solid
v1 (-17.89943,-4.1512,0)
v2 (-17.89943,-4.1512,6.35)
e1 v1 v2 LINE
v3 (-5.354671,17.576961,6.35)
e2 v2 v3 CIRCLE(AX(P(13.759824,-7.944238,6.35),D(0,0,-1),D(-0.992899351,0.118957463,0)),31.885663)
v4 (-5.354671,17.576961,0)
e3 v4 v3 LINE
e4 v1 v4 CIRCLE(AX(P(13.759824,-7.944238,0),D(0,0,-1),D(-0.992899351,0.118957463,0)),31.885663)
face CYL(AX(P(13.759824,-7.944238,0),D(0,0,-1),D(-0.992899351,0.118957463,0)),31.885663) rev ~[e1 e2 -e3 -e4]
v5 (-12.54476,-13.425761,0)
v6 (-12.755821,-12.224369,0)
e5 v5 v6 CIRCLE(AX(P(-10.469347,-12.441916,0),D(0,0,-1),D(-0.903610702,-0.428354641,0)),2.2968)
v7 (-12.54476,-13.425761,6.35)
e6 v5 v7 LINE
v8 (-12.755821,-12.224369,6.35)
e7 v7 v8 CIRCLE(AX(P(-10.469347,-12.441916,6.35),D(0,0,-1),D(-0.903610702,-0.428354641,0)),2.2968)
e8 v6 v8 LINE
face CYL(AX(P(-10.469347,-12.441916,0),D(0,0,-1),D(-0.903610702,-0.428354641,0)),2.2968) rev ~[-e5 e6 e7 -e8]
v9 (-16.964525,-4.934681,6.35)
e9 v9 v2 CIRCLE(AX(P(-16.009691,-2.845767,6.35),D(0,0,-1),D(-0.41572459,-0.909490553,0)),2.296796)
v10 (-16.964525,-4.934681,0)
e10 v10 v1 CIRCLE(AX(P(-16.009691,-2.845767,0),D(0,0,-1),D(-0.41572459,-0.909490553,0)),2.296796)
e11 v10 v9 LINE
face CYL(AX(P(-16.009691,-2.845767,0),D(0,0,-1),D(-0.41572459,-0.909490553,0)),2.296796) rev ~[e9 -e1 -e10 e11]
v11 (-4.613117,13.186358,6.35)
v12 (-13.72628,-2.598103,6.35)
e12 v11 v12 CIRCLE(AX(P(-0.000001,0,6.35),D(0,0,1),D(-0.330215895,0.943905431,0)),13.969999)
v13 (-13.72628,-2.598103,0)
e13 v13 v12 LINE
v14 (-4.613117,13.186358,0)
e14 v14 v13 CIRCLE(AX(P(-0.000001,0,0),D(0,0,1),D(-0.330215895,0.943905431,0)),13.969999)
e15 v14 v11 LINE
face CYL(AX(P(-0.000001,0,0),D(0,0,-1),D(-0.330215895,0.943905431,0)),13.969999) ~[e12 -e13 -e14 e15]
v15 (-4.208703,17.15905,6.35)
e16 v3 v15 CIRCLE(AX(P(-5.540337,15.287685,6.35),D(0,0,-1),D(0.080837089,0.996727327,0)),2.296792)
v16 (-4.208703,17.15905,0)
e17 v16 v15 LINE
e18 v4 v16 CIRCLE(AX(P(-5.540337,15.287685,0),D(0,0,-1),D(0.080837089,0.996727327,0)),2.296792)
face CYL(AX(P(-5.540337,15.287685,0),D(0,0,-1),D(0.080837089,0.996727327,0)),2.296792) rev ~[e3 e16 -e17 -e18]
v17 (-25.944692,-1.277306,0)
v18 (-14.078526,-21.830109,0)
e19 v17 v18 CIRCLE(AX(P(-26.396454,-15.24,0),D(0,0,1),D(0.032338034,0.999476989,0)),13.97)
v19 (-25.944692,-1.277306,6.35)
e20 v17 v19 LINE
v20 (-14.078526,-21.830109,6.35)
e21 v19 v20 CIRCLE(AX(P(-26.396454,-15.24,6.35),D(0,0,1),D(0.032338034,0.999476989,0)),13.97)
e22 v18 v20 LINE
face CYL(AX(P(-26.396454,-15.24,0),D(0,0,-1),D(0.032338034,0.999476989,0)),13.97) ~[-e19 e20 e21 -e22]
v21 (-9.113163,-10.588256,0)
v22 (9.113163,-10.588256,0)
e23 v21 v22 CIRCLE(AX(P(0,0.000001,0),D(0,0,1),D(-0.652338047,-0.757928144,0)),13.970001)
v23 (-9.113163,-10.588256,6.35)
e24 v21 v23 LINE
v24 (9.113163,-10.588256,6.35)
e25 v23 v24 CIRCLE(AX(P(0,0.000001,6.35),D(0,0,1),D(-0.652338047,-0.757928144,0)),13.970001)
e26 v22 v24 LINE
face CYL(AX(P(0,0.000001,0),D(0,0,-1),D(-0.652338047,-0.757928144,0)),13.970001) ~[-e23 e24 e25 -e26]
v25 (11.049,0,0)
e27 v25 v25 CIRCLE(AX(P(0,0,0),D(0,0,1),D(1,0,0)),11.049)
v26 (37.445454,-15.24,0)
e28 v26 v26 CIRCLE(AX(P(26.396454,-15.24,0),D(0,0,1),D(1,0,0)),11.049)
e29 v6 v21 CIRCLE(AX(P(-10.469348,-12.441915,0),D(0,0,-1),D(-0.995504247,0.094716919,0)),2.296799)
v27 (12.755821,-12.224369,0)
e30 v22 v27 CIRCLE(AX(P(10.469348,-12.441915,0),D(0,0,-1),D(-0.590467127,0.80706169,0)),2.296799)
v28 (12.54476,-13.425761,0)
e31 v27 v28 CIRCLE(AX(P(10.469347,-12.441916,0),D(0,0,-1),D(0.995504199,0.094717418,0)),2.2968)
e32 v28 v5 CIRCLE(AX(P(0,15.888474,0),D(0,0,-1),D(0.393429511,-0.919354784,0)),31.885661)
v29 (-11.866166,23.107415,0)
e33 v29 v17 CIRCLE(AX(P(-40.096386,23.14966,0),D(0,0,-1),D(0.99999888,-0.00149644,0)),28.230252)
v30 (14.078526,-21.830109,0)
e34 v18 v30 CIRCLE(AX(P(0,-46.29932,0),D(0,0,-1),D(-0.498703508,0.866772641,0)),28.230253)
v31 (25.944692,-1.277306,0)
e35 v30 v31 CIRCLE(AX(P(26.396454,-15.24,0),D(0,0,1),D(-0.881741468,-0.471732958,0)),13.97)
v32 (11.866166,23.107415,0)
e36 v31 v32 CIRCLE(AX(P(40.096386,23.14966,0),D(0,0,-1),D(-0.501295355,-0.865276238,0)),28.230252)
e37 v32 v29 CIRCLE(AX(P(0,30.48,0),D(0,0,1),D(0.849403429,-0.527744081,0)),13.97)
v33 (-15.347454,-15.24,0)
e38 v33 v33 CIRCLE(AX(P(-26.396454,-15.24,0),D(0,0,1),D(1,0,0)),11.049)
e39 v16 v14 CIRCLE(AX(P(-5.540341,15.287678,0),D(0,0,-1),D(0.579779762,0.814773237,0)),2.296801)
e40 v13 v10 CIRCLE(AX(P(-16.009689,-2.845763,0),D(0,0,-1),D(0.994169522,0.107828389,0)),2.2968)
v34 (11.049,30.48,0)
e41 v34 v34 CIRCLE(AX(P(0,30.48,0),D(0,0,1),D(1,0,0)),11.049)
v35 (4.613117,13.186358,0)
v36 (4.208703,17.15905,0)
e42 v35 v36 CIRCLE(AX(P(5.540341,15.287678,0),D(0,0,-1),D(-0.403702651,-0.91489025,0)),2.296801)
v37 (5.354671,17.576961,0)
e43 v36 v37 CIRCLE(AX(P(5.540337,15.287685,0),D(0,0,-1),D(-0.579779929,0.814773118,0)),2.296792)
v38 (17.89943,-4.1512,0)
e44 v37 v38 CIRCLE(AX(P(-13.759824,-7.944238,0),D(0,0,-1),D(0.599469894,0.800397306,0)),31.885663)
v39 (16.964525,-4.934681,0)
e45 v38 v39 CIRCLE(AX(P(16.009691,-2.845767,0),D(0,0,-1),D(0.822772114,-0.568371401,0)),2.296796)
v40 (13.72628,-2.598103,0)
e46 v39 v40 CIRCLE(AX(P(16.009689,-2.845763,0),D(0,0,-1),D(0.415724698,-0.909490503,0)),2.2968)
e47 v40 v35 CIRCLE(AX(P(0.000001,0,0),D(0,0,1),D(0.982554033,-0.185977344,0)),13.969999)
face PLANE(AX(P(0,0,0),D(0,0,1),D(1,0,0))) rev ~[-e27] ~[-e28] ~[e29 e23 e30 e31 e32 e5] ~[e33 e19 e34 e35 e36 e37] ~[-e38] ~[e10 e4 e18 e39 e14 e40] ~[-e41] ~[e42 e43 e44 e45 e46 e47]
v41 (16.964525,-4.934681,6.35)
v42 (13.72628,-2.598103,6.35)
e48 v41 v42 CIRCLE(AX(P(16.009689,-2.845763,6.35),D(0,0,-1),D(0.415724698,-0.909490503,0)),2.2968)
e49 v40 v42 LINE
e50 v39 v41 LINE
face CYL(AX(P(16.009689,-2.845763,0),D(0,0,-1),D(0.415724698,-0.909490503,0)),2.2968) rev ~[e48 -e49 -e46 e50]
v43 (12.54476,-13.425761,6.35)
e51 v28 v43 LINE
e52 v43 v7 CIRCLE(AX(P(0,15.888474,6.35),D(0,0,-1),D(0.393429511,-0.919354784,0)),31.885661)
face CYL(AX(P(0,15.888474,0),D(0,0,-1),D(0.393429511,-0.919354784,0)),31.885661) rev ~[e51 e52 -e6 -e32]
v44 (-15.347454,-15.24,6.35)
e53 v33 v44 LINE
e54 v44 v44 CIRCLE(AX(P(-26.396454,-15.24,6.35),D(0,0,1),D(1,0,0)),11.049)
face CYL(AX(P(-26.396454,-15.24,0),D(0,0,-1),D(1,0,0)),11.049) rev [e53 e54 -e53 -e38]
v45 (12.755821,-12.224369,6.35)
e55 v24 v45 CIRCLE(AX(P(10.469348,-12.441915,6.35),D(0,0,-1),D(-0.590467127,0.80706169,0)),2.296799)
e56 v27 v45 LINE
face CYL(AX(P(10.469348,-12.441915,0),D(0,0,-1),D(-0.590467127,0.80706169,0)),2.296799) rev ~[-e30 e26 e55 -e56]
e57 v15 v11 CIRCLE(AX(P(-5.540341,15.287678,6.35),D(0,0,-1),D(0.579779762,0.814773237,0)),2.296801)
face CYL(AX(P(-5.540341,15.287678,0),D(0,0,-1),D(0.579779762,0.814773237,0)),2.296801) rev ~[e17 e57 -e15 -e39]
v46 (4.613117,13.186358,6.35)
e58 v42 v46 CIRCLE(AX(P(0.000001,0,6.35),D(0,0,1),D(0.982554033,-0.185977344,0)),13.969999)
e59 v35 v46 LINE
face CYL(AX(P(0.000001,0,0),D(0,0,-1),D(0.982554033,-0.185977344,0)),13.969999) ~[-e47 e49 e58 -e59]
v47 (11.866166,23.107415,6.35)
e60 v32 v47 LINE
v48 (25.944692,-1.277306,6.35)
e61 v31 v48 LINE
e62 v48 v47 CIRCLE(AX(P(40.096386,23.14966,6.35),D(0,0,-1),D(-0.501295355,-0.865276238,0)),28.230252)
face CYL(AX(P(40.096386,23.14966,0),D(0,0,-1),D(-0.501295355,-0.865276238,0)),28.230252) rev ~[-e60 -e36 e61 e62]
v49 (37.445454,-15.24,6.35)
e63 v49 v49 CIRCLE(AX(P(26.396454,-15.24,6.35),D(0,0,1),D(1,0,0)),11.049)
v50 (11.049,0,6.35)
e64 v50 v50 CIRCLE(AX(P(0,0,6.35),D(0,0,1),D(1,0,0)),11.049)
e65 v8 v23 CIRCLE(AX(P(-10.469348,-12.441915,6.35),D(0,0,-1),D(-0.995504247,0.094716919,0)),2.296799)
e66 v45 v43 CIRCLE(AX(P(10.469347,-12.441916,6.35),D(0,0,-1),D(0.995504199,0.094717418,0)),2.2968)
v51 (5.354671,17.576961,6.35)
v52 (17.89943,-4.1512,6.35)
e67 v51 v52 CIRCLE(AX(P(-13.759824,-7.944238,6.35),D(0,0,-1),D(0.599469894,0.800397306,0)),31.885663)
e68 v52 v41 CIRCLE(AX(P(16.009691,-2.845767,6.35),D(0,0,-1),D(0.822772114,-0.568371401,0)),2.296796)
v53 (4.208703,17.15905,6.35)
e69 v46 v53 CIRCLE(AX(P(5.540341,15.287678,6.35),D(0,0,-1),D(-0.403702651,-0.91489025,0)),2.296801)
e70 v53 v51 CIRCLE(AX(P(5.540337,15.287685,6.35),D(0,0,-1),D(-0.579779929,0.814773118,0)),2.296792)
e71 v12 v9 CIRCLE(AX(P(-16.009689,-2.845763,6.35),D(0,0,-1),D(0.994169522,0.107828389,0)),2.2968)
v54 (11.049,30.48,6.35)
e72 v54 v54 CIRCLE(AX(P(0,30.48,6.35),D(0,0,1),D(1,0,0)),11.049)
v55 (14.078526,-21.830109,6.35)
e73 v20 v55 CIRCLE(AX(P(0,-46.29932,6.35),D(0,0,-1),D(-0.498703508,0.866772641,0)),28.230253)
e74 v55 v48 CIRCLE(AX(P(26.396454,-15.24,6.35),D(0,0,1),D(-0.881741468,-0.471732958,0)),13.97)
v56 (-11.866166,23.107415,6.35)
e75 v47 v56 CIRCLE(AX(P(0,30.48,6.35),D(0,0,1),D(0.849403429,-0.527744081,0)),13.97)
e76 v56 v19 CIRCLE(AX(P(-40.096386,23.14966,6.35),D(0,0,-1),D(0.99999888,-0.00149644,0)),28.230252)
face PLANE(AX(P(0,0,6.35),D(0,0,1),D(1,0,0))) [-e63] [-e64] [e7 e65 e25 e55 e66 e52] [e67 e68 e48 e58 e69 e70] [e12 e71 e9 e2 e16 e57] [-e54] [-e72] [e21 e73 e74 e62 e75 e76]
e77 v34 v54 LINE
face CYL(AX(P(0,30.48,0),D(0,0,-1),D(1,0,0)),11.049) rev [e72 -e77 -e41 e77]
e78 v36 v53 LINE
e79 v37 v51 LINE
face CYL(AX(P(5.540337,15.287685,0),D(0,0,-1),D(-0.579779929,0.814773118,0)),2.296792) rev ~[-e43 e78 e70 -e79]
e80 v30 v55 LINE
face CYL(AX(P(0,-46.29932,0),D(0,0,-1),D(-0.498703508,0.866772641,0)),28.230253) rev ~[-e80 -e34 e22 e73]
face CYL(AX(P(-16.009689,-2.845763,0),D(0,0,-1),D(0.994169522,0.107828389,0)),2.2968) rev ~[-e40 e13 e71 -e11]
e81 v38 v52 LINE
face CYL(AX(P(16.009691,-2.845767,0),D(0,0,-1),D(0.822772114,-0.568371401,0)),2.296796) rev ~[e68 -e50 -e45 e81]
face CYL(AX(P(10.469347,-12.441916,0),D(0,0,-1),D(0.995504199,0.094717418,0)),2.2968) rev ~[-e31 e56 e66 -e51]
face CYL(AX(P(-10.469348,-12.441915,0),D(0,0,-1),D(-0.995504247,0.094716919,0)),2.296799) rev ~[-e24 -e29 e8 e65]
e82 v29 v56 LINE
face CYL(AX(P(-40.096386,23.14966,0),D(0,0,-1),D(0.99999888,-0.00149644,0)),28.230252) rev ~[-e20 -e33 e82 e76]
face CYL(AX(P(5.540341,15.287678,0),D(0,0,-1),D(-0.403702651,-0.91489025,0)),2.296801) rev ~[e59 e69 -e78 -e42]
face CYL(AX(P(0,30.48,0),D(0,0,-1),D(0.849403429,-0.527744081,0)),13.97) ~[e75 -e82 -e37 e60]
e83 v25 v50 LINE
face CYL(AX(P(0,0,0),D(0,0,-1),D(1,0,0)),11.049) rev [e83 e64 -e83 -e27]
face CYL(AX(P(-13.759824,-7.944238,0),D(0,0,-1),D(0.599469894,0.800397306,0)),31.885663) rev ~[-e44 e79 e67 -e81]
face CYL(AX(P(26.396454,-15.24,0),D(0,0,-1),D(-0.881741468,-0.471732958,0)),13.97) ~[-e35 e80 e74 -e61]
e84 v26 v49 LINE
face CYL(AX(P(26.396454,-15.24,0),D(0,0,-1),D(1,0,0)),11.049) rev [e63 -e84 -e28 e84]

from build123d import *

# Parameters (mm, degrees)
F0_R     = 11.049
F1_DEPTH = 6.35


with BuildPart() as f1:
    # F0 (on Top) → F1 (new body)
    with BuildSketch(Plane.XY):
        with BuildLine():
            ThreePointArc((-14.078526, -21.830109), (0, -18.069067), (14.078526, -21.830109))
            ThreePointArc((14.078526, -21.830109), (38.494829, -22.225), (25.944692, -1.277306))
            ThreePointArc((25.944692, -1.277306), (15.648271, 9.034534), (11.866166, 23.107415))
            ThreePointArc((11.866166, 23.107415), (0, 44.45), (-11.866166, 23.107415))
            ThreePointArc((-11.866166, 23.107415), (-15.648271, 9.034534), (-25.944692, -1.277306))
            ThreePointArc((-25.944692, -1.277306), (-38.494829, -22.225), (-14.078526, -21.830109))
        make_face()
        with Locations((-26.396454, -15.24)):
            Circle(F0_R, mode=Mode.SUBTRACT)
        with BuildLine():
            ThreePointArc((-4.208703, 17.15905), (-3.25535, 15.05507), (-4.613117, 13.186358))
            ThreePointArc((-4.613117, 13.186358), (-12.098375, 6.985), (-13.72628, -2.598103))
            ThreePointArc((-13.72628, -2.598103), (-14.665748, -4.708319), (-16.964525, -4.934681))
            ThreePointArc((-16.964525, -4.934681), (-17.48494, -4.606139), (-17.89943, -4.1512))
            ThreePointArc((-17.89943, -4.1512), (-13.85397, 7.998594), (-5.354671, 17.576961))
            ThreePointArc((-5.354671, 17.576961), (-4.753437, 17.445472), (-4.208703, 17.15905))
        make_face(mode=Mode.SUBTRACT)
        with BuildLine():
            ThreePointArc((12.54476, -13.425761), (0, -15.997187), (-12.54476, -13.425761))
            ThreePointArc((-12.54476, -13.425761), (-12.731503, -12.839333), (-12.755821, -12.224369))
            ThreePointArc((-12.755821, -12.224369), (-11.410398, -10.346751), (-9.113163, -10.588256))
            ThreePointArc((-9.113163, -10.588256), (0, -13.97), (9.113163, -10.588256))
            ThreePointArc((9.113163, -10.588256), (11.410398, -10.346751), (12.755821, -12.224369))
            ThreePointArc((12.755821, -12.224369), (12.731503, -12.839333), (12.54476, -13.425761))
        make_face(mode=Mode.SUBTRACT)
        with Locations((26.396454, -15.24)):
            Circle(F0_R, mode=Mode.SUBTRACT)
        Circle(F0_R, mode=Mode.SUBTRACT)
        with BuildLine():
            ThreePointArc((5.354671, 17.576961), (13.85397, 7.998594), (17.89943, -4.1512))
            ThreePointArc((17.89943, -4.1512), (17.48494, -4.606139), (16.964525, -4.934681))
            ThreePointArc((16.964525, -4.934681), (14.665748, -4.708319), (13.72628, -2.598103))
            ThreePointArc((13.72628, -2.598103), (12.098375, 6.985), (4.613117, 13.186358))
            ThreePointArc((4.613117, 13.186358), (3.25535, 15.05507), (4.208703, 17.15905))
            ThreePointArc((4.208703, 17.15905), (4.753437, 17.445472), (5.354671, 17.576961))
        make_face(mode=Mode.SUBTRACT)
        with Locations((0, 30.48)):
            Circle(F0_R, mode=Mode.SUBTRACT)
    extrude(amount=F1_DEPTH)


solid = f1.part
